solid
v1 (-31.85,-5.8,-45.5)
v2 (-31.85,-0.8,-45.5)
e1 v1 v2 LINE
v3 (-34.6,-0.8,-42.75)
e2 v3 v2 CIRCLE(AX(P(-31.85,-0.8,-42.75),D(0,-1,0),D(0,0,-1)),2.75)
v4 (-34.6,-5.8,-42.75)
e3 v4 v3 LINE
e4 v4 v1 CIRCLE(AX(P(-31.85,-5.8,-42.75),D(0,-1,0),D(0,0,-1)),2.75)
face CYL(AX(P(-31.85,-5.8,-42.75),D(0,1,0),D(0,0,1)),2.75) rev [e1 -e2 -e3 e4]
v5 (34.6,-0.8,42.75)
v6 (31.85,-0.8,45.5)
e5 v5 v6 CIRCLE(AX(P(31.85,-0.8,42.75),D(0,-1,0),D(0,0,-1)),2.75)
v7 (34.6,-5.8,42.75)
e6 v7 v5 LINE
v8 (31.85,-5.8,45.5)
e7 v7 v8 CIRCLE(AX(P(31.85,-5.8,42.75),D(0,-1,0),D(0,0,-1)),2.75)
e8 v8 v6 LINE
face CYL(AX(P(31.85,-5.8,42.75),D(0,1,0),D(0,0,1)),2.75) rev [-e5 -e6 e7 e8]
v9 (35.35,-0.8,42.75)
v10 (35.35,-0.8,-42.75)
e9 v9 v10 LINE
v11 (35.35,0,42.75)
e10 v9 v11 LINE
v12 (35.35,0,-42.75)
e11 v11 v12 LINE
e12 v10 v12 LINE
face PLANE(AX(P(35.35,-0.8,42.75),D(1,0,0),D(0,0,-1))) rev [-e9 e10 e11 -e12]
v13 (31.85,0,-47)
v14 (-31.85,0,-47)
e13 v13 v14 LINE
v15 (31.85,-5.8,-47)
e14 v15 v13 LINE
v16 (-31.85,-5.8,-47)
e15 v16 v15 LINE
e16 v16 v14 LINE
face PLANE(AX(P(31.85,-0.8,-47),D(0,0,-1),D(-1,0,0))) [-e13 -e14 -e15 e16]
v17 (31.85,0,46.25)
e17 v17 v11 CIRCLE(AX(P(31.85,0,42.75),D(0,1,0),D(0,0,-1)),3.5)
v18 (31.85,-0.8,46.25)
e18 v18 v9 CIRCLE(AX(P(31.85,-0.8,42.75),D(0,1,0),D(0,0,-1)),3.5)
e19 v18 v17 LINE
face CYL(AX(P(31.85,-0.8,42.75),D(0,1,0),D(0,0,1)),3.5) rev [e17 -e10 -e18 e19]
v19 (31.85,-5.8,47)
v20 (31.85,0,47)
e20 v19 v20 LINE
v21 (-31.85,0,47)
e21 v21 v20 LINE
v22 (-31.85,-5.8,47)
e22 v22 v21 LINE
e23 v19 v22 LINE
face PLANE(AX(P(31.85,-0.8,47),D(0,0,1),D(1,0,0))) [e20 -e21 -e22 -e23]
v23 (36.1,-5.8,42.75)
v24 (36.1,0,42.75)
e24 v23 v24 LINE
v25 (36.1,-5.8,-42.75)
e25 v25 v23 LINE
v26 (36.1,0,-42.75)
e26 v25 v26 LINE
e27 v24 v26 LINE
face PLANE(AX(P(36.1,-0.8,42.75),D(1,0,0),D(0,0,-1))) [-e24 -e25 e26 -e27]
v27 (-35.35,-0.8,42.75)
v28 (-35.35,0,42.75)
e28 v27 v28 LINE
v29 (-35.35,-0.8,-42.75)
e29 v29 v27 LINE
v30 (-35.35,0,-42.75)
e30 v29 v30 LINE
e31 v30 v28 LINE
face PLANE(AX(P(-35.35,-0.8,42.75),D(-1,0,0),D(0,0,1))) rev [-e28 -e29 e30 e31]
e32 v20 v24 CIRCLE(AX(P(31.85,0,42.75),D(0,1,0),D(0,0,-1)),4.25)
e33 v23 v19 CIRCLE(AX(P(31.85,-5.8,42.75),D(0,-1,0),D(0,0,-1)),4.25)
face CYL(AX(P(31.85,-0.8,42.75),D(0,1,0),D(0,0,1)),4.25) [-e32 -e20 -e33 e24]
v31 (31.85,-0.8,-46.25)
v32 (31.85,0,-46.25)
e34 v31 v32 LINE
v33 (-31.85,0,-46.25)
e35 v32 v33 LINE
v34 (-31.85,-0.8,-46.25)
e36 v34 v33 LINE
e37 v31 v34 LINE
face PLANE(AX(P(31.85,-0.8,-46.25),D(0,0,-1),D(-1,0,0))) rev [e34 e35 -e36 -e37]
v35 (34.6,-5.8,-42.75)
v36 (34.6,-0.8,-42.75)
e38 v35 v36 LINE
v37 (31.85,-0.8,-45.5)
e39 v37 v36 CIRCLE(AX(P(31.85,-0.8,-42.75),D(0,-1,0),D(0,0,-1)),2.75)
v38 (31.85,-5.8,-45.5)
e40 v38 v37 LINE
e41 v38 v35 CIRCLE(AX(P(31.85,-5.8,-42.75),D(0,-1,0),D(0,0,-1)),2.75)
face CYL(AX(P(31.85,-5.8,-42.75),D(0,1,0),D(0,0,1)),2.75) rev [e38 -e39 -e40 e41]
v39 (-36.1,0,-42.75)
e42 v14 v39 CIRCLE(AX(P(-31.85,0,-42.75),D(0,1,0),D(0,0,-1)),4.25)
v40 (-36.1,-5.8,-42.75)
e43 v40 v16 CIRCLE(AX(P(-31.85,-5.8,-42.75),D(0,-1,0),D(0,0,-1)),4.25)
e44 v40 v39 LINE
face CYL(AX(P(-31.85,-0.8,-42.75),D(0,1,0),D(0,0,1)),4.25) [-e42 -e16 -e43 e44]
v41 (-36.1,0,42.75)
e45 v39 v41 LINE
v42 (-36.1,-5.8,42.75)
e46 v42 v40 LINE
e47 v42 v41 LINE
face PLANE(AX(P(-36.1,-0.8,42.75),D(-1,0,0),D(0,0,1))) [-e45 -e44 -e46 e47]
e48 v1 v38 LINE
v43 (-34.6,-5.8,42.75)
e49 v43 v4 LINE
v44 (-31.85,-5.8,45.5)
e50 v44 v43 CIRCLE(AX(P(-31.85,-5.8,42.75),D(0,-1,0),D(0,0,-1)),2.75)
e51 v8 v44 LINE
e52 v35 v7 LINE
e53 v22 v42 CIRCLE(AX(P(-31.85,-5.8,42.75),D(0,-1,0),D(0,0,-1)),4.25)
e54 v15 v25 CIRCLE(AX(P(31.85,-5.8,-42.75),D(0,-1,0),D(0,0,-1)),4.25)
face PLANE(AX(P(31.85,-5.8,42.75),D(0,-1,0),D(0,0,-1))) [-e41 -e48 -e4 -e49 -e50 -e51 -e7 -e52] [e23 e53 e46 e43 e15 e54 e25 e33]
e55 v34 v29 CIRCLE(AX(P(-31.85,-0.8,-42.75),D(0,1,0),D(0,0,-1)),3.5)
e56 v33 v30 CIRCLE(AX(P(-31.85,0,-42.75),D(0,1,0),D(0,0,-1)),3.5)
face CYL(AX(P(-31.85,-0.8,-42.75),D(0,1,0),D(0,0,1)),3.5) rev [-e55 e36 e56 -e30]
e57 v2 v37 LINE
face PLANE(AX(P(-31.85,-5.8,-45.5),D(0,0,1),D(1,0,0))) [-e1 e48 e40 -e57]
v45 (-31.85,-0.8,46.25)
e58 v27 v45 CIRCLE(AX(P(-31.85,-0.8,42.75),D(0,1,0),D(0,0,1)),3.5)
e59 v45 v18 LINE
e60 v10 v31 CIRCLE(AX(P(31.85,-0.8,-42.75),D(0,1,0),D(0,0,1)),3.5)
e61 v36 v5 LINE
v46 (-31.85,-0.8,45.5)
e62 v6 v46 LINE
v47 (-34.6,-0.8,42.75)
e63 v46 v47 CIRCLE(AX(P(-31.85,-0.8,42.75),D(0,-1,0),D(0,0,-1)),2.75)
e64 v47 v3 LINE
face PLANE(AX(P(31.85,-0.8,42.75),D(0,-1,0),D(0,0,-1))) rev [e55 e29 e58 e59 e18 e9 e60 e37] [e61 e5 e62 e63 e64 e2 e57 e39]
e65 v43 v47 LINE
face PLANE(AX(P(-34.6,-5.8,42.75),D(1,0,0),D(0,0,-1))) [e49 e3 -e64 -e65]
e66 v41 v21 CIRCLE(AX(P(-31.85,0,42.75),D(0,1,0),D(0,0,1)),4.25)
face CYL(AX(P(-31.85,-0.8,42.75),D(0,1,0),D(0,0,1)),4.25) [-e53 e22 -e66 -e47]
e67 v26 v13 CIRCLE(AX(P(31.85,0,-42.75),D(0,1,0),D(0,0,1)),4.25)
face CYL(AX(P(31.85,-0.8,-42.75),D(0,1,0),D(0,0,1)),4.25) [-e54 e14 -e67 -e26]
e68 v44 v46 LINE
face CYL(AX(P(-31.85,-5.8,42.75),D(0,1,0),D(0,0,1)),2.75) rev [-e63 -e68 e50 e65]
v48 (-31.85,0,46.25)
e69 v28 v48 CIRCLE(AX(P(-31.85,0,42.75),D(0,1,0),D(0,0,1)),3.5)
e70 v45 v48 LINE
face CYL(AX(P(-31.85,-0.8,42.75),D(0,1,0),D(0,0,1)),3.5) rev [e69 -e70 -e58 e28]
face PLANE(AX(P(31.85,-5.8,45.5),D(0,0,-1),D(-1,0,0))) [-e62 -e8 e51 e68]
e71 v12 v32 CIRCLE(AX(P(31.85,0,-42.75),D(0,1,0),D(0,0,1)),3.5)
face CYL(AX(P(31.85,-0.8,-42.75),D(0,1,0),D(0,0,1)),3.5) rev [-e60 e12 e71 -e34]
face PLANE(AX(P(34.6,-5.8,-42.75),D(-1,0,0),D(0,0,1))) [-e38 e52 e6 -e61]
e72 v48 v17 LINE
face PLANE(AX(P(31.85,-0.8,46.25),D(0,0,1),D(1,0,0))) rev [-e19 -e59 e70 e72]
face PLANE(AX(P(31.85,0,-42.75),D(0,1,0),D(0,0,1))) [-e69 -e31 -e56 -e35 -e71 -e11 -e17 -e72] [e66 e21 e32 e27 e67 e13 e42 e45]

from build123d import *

# Parameters (mm, degrees)
BOSS_EXTRUDE1_DEPTH = 0.8
BOSS_EXTRUDE2_DEPTH = 5


with BuildPart() as part:
    # Sketch1 → Boss-Extrude1 (new body)
    with BuildSketch(Plane(origin=(0, 0, 0), x_dir=(1, 0, 0), z_dir=(0, 1, 0))):
        with BuildLine():
            Line((31.85, 47), (-31.85, 47))
            ThreePointArc((-31.85, 47), (-34.85520382, 45.75520382), (-36.1, 42.75))
            Line((-36.1, 42.75), (-36.1, -42.75))
            ThreePointArc((-36.1, -42.75), (-34.85520382, -45.75520382), (-31.85, -47))
            Line((-31.85, -47), (31.85, -47))
            ThreePointArc((31.85, -47), (34.85520382, -45.75520382), (36.1, -42.75))
            Line((36.1, -42.75), (36.1, 42.75))
            ThreePointArc((36.1, 42.75), (34.85520382, 45.75520382), (31.85, 47))
        make_face()
        with BuildLine():
            Line((35.35, -42.75), (35.35, 42.75))
            ThreePointArc((35.35, 42.75), (34.324873734, 45.224873734), (31.85, 46.25))
            Line((31.85, 46.25), (-31.85, 46.25))
            ThreePointArc((-31.85, 46.25), (-34.324873734, 45.224873734), (-35.35, 42.75))
            Line((-35.35, 42.75), (-35.35, -42.75))
            ThreePointArc((-35.35, -42.75), (-34.324873734, -45.224873734), (-31.85, -46.25))
            Line((-31.85, -46.25), (31.85, -46.25))
            ThreePointArc((31.85, -46.25), (34.324873734, -45.224873734), (35.35, -42.75))
        make_face(mode=Mode.SUBTRACT)
    extrude(amount=-BOSS_EXTRUDE1_DEPTH)

    # Sketch2 → Boss-Extrude2 (add)
    with BuildSketch(Plane.XZ.offset(0.8)):
        with BuildLine():
            Line((36.1, -42.75), (36.1, 42.75))
            ThreePointArc((36.1, 42.75), (34.85520382, 45.75520382), (31.85, 47))
            Line((31.85, 47), (-31.85, 47))
            ThreePointArc((-31.85, 47), (-34.85520382, 45.75520382), (-36.1, 42.75))
            Line((-36.1, 42.75), (-36.1, -42.75))
            ThreePointArc((-36.1, -42.75), (-34.85520382, -45.75520382), (-31.85, -47))
            Line((-31.85, -47), (31.85, -47))
            ThreePointArc((31.85, -47), (34.85520382, -45.75520382), (36.1, -42.75))
        make_face()
        with BuildLine():
            Line((-34.6, 42.75), (-34.6, -42.75))
            ThreePointArc((-34.6, -42.75), (-33.794543648, -44.694543648), (-31.85, -45.5))
            Line((-31.85, -45.5), (31.85, -45.5))
            ThreePointArc((31.85, -45.5), (33.794543648, -44.694543648), (34.6, -42.75))
            Line((34.6, -42.75), (34.6, 42.75))
            ThreePointArc((34.6, 42.75), (33.794543648, 44.694543648), (31.85, 45.5))
            Line((31.85, 45.5), (-31.85, 45.5))
            ThreePointArc((-31.85, 45.5), (-33.794543648, 44.694543648), (-34.6, 42.75))
        make_face(mode=Mode.SUBTRACT)
    extrude(amount=BOSS_EXTRUDE2_DEPTH)


solid = part.part
